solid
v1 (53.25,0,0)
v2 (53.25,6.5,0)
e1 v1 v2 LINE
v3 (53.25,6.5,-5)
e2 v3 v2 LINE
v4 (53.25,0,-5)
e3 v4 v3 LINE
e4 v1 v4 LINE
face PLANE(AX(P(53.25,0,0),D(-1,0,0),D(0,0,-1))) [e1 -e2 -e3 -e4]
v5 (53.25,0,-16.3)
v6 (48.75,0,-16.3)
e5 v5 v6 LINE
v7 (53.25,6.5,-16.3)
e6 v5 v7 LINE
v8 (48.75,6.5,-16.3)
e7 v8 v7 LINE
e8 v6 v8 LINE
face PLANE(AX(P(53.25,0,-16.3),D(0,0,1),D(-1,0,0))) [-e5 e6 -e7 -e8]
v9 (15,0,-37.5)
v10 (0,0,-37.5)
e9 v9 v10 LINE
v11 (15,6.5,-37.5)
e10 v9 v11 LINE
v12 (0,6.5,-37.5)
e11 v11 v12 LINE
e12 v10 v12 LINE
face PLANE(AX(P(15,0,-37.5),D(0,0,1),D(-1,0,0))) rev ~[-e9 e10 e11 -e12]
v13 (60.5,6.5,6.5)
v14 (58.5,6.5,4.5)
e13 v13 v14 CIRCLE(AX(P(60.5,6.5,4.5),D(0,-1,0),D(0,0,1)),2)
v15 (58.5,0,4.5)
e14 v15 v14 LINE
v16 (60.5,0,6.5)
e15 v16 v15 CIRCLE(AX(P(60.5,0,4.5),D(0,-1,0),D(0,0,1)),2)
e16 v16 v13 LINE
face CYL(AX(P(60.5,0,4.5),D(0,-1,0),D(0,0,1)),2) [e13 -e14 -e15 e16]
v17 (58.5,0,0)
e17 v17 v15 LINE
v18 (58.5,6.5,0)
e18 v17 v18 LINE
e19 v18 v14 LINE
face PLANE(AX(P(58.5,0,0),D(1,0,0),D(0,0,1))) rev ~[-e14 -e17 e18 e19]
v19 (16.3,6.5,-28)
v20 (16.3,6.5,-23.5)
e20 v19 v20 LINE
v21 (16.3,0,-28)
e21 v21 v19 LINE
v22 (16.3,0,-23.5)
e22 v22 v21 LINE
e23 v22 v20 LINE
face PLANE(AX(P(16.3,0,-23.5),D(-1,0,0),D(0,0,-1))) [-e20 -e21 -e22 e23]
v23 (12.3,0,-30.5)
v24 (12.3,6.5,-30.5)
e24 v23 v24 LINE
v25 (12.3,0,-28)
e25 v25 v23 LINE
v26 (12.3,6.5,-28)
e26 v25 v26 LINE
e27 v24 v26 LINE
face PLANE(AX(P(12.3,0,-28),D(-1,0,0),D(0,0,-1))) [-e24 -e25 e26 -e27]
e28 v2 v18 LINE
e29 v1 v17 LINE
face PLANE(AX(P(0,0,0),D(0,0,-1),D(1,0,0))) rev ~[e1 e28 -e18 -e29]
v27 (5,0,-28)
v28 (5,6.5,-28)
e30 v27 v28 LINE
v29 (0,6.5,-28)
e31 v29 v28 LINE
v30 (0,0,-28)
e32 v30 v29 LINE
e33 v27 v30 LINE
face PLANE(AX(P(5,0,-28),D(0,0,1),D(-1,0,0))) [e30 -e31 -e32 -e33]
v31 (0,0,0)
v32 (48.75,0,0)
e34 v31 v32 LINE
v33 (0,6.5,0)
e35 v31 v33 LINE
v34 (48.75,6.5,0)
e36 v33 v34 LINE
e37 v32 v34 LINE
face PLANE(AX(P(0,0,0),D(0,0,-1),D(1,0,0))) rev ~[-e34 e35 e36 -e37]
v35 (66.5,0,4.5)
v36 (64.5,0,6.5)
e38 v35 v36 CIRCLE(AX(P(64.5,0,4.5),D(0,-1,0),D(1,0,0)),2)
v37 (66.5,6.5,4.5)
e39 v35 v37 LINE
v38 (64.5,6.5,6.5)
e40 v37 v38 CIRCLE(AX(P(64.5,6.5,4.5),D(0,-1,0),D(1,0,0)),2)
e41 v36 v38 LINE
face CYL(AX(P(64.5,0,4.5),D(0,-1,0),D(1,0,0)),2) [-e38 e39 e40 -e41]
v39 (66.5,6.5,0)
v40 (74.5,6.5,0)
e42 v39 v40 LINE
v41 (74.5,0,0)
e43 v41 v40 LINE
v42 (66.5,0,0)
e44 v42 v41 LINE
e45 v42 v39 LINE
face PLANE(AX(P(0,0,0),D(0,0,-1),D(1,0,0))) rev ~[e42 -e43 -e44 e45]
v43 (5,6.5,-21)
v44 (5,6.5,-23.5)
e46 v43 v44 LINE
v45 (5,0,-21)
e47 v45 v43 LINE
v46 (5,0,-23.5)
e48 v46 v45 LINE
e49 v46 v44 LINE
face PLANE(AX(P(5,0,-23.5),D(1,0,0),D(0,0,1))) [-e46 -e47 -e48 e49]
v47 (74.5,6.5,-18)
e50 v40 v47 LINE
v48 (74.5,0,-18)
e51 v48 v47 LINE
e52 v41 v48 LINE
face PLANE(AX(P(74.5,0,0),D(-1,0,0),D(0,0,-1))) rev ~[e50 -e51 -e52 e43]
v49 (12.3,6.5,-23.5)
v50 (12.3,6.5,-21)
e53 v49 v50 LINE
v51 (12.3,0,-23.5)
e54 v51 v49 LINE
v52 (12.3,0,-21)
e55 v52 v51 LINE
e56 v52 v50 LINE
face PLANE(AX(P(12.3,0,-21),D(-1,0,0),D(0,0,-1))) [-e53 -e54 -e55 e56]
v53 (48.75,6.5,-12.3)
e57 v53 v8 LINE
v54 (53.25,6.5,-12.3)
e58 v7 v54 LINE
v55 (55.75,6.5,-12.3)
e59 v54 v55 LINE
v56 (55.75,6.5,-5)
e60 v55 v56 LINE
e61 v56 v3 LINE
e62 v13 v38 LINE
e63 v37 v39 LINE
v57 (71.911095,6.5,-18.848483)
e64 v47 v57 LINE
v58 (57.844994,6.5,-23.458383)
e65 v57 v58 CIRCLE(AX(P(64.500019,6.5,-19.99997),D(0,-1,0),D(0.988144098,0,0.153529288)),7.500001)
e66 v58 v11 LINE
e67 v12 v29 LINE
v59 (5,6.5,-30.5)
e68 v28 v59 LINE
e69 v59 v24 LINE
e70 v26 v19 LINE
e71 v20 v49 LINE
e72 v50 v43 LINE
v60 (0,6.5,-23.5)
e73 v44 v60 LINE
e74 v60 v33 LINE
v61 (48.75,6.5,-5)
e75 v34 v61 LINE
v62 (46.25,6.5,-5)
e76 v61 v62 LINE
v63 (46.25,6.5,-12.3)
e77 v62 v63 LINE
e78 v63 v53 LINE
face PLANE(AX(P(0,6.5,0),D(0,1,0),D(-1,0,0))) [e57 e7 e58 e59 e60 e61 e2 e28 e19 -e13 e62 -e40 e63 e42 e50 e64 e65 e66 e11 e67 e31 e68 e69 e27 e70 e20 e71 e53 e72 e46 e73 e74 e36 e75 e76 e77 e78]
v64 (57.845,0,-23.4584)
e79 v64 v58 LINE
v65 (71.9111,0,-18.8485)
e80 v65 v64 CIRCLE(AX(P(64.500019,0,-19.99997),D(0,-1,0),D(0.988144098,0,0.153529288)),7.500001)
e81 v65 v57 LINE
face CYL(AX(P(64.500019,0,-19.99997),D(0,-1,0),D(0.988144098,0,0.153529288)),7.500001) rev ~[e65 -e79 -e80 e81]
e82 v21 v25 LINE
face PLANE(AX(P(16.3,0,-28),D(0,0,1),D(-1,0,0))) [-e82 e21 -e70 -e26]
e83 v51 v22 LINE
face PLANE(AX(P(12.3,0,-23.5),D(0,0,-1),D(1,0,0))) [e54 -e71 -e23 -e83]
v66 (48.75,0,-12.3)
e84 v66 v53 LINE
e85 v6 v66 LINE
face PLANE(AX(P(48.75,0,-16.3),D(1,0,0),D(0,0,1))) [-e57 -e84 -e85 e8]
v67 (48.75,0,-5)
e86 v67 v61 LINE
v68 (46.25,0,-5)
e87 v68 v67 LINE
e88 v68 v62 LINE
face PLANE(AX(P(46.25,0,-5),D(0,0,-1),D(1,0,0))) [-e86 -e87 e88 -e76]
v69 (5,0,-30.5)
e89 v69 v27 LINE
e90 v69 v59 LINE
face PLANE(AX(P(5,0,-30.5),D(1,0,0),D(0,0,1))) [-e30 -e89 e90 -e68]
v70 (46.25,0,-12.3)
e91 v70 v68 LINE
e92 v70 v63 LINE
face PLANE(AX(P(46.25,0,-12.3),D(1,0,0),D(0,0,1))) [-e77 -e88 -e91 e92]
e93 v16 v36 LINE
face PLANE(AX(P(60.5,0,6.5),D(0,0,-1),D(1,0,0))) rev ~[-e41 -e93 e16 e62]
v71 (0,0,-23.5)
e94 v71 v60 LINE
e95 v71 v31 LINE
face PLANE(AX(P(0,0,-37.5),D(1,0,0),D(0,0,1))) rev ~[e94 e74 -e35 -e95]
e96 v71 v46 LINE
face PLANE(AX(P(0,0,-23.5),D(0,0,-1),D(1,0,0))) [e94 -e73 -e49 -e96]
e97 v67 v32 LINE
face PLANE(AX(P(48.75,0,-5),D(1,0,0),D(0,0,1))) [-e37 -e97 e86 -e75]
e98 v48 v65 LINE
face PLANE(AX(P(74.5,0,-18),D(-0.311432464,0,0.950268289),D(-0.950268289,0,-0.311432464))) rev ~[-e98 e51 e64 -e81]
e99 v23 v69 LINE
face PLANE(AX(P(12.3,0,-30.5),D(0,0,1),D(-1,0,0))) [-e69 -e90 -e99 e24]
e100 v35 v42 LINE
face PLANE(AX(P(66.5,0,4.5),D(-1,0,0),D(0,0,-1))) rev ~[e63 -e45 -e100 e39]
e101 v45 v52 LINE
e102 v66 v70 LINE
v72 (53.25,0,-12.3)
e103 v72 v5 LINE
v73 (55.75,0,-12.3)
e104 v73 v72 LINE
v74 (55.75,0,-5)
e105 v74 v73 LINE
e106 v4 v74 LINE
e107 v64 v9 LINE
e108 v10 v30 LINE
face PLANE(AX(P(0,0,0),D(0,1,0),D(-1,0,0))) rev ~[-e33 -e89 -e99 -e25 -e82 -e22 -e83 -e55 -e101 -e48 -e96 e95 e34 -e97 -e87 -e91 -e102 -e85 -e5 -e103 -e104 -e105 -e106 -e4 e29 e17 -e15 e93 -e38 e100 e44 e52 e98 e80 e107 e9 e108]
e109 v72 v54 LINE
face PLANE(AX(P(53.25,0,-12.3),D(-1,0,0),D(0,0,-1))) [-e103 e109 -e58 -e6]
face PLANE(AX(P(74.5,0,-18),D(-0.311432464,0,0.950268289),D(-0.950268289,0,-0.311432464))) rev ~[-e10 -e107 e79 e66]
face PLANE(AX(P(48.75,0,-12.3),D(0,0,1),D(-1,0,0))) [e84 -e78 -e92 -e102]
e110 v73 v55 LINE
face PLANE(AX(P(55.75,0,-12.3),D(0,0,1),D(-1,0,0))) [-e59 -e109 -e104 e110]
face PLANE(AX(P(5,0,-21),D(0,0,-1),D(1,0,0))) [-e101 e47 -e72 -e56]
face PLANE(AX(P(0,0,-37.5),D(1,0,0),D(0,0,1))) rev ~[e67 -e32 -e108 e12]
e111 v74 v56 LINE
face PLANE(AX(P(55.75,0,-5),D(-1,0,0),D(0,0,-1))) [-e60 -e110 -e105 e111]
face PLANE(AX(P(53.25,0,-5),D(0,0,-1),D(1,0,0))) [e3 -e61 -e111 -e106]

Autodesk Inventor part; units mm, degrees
ref_plane "YZ Plane" through (0, 0, 0) normal (1, 0, 0) x (0, 1, 0)
ref_plane "XZ Plane" through (0, 0, 0) normal (0, 1, 0) x (-1, 0, 0)
ref_plane "XY Plane" through (0, 0, 0) normal (0, 0, 1) x (1, 0, 0)
sketch "Sketch1" plane through (0, 0, 0) normal (0, 1, 0) x (-1, 0, 0)
  line L0 (0, -37.5) -> (0, 0)
  line L1 (0, 0) -> (-74.5, 0)
  line L2 (-74.5, 0) -> (-74.5, -18)
  line L3 (-74.5, -18) -> (-15, -37.5)
  line L4 (-15, -37.5) -> (0, -37.5)
  dimension "d0" = 37.5
  dimension "d1" = 74.5
  dimension "d2" = 18
  dimension "d3" = 15
extrude "Extrusion1" add sketch "Sketch1" along normal blind 6.5
sketch "Sketch2" plane through (0, 0, 0) normal (0, -1, 0) x (1, 0, 0)
  line L0 (0, 0) -> (0, -37.5) projected
  line L1 (0, -37.5) -> (15, -37.5) projected
  line L2 (16.3, -23.5) -> (16.3, -28)
  line L3 (0, -28) -> (0, -23.5)
  line L4 (5, -21) -> (12.3, -21)
  line L5 (12.3, -30.5) -> (5, -30.5)
  line L6 (0, -23.5) -> (5, -23.5)
  line L7 (12.3, -23.5) -> (16.3, -23.5)
  line L8 (16.3, -28) -> (12.3, -28)
  line L9 (5, -28) -> (0, -28)
  line L10 (5, -30.5) -> (5, -28)
  line L11 (5, -23.5) -> (5, -21)
  line L12 (12.3, -21) -> (12.3, -23.5)
  line L13 (12.3, -28) -> (12.3, -30.5)
  point P0 (16.3, -25.75)
  dimension "d6" = 4.5
  dimension "d7" = 2.5
  dimension "d8" = 5
  dimension "d9" = 7.3
  dimension "d10" = 4
  dimension "d12" = 14
extrude "Extrusion2" cut sketch "Sketch2" against normal through all
sketch "Sketch3" plane through (0, 0, 0) normal (0, -1, 0) x (1, 0, 0)
  line L0 (74.5, -18) -> (74.5, 0) projected
  line L1 (74.5, 0) -> (0, 0) projected
  line L2 (66.5, 0) -> (58.5, 0)
  line L3 (58.5, 0) -> (58.5, 4.5)
  line L4 (60.5, 6.5) -> (64.5, 6.5)
  line L5 (66.5, 4.5) -> (66.5, 0)
  arc A0 (60.5, 6.5) -> (58.5, 4.5) centre (60.5, 4.5) ccw
  arc A1 (66.5, 4.5) -> (64.5, 6.5) centre (64.5, 4.5) ccw
  dimension "d15" = 2
  dimension "d16" = 8
  dimension "d17" = 6.5
  dimension "d18" = 8
extrude "Extrusion3" add sketch "Sketch3" against normal blind 6.5
sketch "Sketch4" plane through (0, 0, 0) normal (0, -1, 0) x (1, 0, 0)
  line L0 (58.5, 4.5) -> (58.5, 0) projected
  line L1 (58.5, 0) -> (0, 0) projected
  line L2 (48.75, 0) -> (53.25, 0)
  line L3 (53.25, -16.3) -> (48.75, -16.3)
  line L4 (55.75, -5) -> (55.75, -12.3)
  line L5 (46.25, -12.3) -> (46.25, -5)
  line L6 (46.25, -5) -> (48.75, -5)
  line L7 (53.25, -5) -> (55.75, -5)
  line L8 (55.75, -12.3) -> (53.25, -12.3)
  line L9 (48.75, -12.3) -> (46.25, -12.3)
  line L10 (48.75, -16.3) -> (48.75, -12.3)
  line L11 (48.75, -5) -> (48.75, 0)
  line L12 (53.25, 0) -> (53.25, -5)
  line L13 (53.25, -12.3) -> (53.25, -16.3)
  point P0 (51, -16.3)
  dimension "d21" = 4.5
  dimension "d22" = 2.5
  dimension "d23" = 5
  dimension "d24" = 4
  dimension "d25" = 7.3
  dimension "d26" = 7.5
extrude "Extrusion4" cut sketch "Sketch4" against normal through all
sketch "Sketch5" plane through (0, 0, 0) normal (0, -1, 0) x (1, 0, 0)
  line L0 (15, -37.5) -> (74.5, -18) projected
  line L1 (74.5, -18) -> (74.5, 0) projected
  line L2 (74.5, 0) -> (66.5, 0) projected
  arc A0 (71.9111, -18.8485) -> (57.845, -23.4584) centre (64.5, -20) ccw
  dimension "d29" = 15
  dimension "d30" = 20
  dimension "d31" = 10
extrude "Extrusion5" cut sketch "Sketch5" against normal through all
properties part number "x_carryage_brace_bottom"
